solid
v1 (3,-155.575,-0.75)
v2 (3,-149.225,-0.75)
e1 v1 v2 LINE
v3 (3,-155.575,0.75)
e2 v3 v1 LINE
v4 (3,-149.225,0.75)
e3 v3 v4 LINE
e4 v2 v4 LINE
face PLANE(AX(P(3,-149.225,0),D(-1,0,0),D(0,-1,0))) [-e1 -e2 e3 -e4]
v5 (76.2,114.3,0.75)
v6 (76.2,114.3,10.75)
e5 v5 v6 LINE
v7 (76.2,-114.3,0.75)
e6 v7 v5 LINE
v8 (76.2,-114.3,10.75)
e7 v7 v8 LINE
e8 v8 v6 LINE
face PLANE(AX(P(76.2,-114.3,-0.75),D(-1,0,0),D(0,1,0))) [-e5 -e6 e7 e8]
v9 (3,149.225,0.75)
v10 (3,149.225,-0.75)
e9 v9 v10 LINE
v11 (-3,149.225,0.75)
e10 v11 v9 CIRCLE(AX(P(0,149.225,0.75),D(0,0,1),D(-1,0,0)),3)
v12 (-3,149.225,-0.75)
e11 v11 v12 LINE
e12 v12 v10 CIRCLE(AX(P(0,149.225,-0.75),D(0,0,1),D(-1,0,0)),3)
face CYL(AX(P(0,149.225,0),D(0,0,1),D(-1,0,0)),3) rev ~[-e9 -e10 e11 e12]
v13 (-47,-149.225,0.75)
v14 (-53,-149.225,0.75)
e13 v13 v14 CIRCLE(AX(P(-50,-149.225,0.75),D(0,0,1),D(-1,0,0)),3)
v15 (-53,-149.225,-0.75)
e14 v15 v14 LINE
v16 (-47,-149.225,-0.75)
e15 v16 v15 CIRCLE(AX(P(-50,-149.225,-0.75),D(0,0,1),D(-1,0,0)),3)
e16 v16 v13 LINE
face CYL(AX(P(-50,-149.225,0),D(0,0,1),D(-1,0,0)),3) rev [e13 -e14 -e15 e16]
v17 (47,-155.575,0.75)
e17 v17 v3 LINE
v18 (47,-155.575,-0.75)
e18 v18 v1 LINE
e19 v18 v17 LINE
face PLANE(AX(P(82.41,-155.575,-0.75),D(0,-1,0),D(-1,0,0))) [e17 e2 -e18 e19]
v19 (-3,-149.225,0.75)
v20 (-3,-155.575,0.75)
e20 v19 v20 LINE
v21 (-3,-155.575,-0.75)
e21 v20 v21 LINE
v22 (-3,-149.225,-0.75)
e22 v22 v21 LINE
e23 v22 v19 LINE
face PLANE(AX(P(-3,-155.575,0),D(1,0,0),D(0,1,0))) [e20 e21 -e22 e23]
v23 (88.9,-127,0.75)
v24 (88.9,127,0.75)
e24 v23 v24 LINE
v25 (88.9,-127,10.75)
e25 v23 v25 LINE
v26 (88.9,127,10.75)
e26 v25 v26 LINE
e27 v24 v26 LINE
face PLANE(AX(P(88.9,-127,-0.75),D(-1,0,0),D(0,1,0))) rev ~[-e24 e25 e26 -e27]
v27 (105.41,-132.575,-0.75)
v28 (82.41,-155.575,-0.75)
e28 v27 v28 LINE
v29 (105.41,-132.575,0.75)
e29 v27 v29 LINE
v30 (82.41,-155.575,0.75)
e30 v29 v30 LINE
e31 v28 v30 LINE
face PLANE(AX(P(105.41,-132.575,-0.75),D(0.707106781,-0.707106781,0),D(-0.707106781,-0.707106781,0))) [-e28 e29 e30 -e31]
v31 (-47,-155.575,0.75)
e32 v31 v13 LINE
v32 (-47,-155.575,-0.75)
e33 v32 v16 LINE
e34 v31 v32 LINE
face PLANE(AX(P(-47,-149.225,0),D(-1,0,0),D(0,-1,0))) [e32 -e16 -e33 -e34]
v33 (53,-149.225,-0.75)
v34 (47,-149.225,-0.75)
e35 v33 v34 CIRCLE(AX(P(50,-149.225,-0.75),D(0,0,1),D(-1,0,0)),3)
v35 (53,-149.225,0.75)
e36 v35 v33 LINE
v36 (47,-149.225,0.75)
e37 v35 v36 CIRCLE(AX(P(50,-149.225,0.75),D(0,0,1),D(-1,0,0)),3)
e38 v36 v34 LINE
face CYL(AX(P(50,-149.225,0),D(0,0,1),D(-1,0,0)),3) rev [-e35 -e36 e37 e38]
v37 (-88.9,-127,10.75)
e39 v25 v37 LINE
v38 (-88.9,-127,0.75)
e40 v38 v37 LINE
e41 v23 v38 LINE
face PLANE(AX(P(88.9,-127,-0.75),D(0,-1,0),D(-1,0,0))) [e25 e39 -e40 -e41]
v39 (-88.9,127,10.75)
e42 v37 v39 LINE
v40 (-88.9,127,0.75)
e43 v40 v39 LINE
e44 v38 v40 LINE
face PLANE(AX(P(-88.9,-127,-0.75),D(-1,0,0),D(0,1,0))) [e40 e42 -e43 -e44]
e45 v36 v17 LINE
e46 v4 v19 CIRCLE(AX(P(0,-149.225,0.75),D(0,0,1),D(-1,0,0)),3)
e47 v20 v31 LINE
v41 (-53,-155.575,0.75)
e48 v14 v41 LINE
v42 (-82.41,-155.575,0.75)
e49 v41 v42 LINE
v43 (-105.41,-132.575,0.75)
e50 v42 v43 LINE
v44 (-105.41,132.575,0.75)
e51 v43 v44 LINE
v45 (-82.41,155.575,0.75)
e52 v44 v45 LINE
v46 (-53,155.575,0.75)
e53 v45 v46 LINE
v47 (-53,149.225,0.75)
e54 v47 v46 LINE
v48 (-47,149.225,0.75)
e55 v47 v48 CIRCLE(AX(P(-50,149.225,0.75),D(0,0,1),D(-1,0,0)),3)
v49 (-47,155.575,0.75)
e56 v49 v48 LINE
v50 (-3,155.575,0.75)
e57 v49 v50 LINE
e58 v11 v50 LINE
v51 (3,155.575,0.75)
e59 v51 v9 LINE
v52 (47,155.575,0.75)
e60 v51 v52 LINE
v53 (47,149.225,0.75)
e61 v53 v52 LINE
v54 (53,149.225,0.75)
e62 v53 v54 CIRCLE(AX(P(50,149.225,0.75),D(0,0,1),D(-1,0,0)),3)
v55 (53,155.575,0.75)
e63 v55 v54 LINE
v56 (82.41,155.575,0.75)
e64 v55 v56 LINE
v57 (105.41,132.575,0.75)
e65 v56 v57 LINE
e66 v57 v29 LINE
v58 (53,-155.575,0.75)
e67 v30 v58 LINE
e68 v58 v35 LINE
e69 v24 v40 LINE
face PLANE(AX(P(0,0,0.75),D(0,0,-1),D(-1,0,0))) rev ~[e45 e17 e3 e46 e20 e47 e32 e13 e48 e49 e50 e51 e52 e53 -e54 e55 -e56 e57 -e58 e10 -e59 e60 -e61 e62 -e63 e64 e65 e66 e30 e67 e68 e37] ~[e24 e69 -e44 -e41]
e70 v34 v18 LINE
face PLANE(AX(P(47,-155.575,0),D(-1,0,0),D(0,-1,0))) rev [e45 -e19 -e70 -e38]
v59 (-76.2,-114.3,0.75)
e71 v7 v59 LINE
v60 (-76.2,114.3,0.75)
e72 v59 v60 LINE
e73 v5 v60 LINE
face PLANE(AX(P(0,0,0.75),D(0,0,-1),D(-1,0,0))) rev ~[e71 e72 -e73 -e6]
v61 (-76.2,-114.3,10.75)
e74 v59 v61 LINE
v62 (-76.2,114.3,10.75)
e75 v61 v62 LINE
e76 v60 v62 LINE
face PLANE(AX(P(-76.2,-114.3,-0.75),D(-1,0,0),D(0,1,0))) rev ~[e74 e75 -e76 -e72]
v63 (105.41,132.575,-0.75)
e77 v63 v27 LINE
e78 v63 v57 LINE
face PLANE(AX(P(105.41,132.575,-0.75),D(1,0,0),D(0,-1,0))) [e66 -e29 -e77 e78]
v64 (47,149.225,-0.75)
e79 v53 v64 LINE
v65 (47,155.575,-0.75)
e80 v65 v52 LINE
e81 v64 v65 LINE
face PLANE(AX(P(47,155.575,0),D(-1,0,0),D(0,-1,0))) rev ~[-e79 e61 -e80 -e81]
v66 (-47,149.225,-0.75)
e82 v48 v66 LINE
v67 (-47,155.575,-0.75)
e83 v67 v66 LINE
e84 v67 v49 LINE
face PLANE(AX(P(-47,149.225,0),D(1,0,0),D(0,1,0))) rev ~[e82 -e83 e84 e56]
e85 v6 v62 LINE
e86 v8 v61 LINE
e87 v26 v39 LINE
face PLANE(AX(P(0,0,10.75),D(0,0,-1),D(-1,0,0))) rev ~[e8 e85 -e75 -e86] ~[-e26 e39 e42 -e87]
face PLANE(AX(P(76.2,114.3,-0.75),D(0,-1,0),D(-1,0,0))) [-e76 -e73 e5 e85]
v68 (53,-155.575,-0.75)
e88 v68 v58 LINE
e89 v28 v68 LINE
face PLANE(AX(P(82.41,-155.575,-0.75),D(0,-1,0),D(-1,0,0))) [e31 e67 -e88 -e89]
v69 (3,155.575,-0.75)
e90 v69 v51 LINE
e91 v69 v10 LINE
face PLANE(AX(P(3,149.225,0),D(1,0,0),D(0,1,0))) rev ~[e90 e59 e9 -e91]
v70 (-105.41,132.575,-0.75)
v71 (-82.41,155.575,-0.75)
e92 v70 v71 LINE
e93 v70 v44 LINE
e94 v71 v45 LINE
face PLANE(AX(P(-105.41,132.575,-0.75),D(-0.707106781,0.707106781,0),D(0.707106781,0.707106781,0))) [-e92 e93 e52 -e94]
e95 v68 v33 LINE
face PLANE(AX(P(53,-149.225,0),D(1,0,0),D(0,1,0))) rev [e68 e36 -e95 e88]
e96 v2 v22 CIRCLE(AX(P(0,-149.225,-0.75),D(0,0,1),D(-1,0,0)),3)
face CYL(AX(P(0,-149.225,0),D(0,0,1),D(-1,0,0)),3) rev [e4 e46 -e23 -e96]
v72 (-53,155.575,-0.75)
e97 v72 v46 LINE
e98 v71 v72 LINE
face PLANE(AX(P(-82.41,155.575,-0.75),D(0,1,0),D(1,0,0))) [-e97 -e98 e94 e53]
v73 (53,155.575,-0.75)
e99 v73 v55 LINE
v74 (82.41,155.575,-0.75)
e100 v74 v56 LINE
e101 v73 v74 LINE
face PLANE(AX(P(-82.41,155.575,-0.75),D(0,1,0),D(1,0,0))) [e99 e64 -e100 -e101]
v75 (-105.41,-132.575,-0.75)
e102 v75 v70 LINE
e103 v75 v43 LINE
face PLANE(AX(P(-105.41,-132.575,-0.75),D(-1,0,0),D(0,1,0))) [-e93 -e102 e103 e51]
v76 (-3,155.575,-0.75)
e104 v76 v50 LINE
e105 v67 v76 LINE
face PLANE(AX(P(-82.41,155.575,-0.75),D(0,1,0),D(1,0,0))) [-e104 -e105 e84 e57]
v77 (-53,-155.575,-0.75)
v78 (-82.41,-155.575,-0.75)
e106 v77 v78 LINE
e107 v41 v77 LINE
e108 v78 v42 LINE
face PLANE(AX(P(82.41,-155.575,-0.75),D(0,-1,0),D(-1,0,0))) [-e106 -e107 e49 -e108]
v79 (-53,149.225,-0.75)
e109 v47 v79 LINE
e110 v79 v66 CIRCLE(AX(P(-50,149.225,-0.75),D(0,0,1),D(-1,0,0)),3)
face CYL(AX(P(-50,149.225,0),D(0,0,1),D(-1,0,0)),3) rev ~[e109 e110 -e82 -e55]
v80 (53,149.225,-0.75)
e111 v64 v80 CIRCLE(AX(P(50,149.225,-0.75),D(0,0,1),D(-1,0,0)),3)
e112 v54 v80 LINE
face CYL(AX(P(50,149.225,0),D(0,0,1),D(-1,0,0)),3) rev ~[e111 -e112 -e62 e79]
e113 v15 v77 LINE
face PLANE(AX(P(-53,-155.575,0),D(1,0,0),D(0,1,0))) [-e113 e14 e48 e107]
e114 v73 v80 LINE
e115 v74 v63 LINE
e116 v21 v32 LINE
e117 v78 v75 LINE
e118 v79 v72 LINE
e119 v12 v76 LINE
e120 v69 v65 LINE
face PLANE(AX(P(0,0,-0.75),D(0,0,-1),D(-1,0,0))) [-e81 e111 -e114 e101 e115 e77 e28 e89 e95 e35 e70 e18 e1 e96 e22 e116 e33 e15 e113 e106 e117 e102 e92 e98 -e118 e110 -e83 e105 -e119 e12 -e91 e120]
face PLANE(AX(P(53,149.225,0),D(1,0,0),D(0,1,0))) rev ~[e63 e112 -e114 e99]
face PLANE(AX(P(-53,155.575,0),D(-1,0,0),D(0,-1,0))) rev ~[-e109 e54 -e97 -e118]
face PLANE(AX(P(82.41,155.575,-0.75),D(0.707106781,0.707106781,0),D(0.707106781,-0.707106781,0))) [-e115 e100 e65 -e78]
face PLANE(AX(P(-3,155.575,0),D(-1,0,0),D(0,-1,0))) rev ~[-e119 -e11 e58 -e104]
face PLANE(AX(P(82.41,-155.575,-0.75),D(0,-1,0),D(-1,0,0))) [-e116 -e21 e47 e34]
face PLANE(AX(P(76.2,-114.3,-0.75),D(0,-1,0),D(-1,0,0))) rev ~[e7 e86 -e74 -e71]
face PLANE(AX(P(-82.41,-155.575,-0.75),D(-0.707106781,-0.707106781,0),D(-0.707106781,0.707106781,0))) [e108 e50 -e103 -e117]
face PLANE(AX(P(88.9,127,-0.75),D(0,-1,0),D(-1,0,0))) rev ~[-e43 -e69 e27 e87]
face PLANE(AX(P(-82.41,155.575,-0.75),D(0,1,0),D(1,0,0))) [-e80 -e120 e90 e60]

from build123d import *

# Parameters (mm, degrees)
BOSS_EXTRUDE1_DEPTH      = 0.75
BOSS_EXTRUDE1_DEPTH_BACK = 0.75
CUT_EXTRUDE1_DEPTH       = 188.923950642
LPATTERN1_COUNT          = 7
LPATTERN1_PITCH          = 50
MIRROR1_COPY_1_DEPTH     = 188.923950642
MIRROR1_COPY_2_DEPTH     = 188.923950642
MIRROR1_COPY_3_DEPTH     = 188.923950642
MIRROR1_COPY_4_DEPTH     = 188.923950642
MIRROR1_COPY_5_DEPTH     = 188.923950642
MIRROR1_COPY_6_DEPTH     = 188.923950642
SKETCH6_W                = 177.8
SKETCH6_H                = 254
SKETCH6_W_2              = 152.4
SKETCH6_H_2              = 228.6
BOSS_EXTRUDE2_DEPTH      = 11.5


with BuildPart() as part:
    # Sketch3 → Boss-Extrude1 (new, two sides: drawn at the far end of the back side and taken through both)
    with BuildSketch(Plane.XY.offset(-BOSS_EXTRUDE1_DEPTH_BACK)):
        Polygon((-105.41, 132.575), (-82.41, 155.575), (82.41, 155.575), (105.41, 132.575), (105.41, -132.575), (82.41, -155.575), (-82.41, -155.575), (-105.41, -132.575), align=None)
    extrude(amount=BOSS_EXTRUDE1_DEPTH + BOSS_EXTRUDE1_DEPTH_BACK)

    # Sketch4 → Cut-Extrude1 (cut, symmetric)
    with BuildSketch(Plane.XY):
        with BuildLine():
            Line((53, 149.225), (53, 155.575))
            Line((53, 155.575), (47, 155.575))
            Line((47, 155.575), (47, 149.225))
            ThreePointArc((47, 149.225), (50, 146.225), (53, 149.225))
        make_face()
    cut_extrude1 = extrude(amount=CUT_EXTRUDE1_DEPTH, both=True, mode=Mode.SUBTRACT)

    # LPattern1: Cut-Extrude1 ×7
    with Locations(*[(-i * LPATTERN1_PITCH, 0, 0) for i in range(1, LPATTERN1_COUNT)]):
        add(cut_extrude1, mode=Mode.SUBTRACT)

    # Mirror1: Cut-Extrude1 across plane
    add(cut_extrude1.mirror(Plane.ZX), mode=Mode.SUBTRACT)

    # Mirror1 copy 1 sketch → Mirror1 copy 1 (cut, symmetric)
    with BuildSketch(Plane(origin=(-50, 0, 0), x_dir=(1, 0, 0), z_dir=(0, 0, 1))):
        with BuildLine():
            Line((53, -149.225), (53, -155.575))
            Line((53, -155.575), (47, -155.575))
            Line((47, -155.575), (47, -149.225))
            ThreePointArc((47, -149.225), (50, -146.225), (53, -149.225))
        make_face()
    extrude(amount=MIRROR1_COPY_1_DEPTH, both=True, mode=Mode.SUBTRACT)

    # Mirror1 copy 2 sketch → Mirror1 copy 2 (cut, symmetric)
    with BuildSketch(Plane(origin=(-100, 0, 0), x_dir=(1, 0, 0), z_dir=(0, 0, 1))):
        with BuildLine():
            Line((53, -149.225), (53, -155.575))
            Line((53, -155.575), (47, -155.575))
            Line((47, -155.575), (47, -149.225))
            ThreePointArc((47, -149.225), (50, -146.225), (53, -149.225))
        make_face()
    extrude(amount=MIRROR1_COPY_2_DEPTH, both=True, mode=Mode.SUBTRACT)

    # Mirror1 copy 3 sketch → Mirror1 copy 3 (cut, symmetric)
    with BuildSketch(Plane(origin=(-150, 0, 0), x_dir=(1, 0, 0), z_dir=(0, 0, 1))):
        with BuildLine():
            Line((53, -149.225), (53, -155.575))
            Line((53, -155.575), (47, -155.575))
            Line((47, -155.575), (47, -149.225))
            ThreePointArc((47, -149.225), (50, -146.225), (53, -149.225))
        make_face()
    extrude(amount=MIRROR1_COPY_3_DEPTH, both=True, mode=Mode.SUBTRACT)

    # Mirror1 copy 4 sketch → Mirror1 copy 4 (cut, symmetric)
    with BuildSketch(Plane(origin=(-200, 0, 0), x_dir=(1, 0, 0), z_dir=(0, 0, 1))):
        with BuildLine():
            Line((53, -149.225), (53, -155.575))
            Line((53, -155.575), (47, -155.575))
            Line((47, -155.575), (47, -149.225))
            ThreePointArc((47, -149.225), (50, -146.225), (53, -149.225))
        make_face()
    extrude(amount=MIRROR1_COPY_4_DEPTH, both=True, mode=Mode.SUBTRACT)

    # Mirror1 copy 5 sketch → Mirror1 copy 5 (cut, symmetric)
    with BuildSketch(Plane(origin=(-250, 0, 0), x_dir=(1, 0, 0), z_dir=(0, 0, 1))):
        with BuildLine():
            Line((53, -149.225), (53, -155.575))
            Line((53, -155.575), (47, -155.575))
            Line((47, -155.575), (47, -149.225))
            ThreePointArc((47, -149.225), (50, -146.225), (53, -149.225))
        make_face()
    extrude(amount=MIRROR1_COPY_5_DEPTH, both=True, mode=Mode.SUBTRACT)

    # Mirror1 copy 6 sketch → Mirror1 copy 6 (cut, symmetric)
    with BuildSketch(Plane(origin=(-300, 0, 0), x_dir=(1, 0, 0), z_dir=(0, 0, 1))):
        with BuildLine():
            Line((53, -149.225), (53, -155.575))
            Line((53, -155.575), (47, -155.575))
            Line((47, -155.575), (47, -149.225))
            ThreePointArc((47, -149.225), (50, -146.225), (53, -149.225))
        make_face()
    extrude(amount=MIRROR1_COPY_6_DEPTH, both=True, mode=Mode.SUBTRACT)

    # Sketch6 → Boss-Extrude2 (add)
    with BuildSketch(Plane(origin=(0, 0, -0.75), x_dir=(-1, 0, 0), z_dir=(0, 0, -1))):
        Rectangle(SKETCH6_W, SKETCH6_H)
        Rectangle(SKETCH6_W_2, SKETCH6_H_2, mode=Mode.SUBTRACT)
    extrude(amount=-BOSS_EXTRUDE2_DEPTH)


solid = part.part
